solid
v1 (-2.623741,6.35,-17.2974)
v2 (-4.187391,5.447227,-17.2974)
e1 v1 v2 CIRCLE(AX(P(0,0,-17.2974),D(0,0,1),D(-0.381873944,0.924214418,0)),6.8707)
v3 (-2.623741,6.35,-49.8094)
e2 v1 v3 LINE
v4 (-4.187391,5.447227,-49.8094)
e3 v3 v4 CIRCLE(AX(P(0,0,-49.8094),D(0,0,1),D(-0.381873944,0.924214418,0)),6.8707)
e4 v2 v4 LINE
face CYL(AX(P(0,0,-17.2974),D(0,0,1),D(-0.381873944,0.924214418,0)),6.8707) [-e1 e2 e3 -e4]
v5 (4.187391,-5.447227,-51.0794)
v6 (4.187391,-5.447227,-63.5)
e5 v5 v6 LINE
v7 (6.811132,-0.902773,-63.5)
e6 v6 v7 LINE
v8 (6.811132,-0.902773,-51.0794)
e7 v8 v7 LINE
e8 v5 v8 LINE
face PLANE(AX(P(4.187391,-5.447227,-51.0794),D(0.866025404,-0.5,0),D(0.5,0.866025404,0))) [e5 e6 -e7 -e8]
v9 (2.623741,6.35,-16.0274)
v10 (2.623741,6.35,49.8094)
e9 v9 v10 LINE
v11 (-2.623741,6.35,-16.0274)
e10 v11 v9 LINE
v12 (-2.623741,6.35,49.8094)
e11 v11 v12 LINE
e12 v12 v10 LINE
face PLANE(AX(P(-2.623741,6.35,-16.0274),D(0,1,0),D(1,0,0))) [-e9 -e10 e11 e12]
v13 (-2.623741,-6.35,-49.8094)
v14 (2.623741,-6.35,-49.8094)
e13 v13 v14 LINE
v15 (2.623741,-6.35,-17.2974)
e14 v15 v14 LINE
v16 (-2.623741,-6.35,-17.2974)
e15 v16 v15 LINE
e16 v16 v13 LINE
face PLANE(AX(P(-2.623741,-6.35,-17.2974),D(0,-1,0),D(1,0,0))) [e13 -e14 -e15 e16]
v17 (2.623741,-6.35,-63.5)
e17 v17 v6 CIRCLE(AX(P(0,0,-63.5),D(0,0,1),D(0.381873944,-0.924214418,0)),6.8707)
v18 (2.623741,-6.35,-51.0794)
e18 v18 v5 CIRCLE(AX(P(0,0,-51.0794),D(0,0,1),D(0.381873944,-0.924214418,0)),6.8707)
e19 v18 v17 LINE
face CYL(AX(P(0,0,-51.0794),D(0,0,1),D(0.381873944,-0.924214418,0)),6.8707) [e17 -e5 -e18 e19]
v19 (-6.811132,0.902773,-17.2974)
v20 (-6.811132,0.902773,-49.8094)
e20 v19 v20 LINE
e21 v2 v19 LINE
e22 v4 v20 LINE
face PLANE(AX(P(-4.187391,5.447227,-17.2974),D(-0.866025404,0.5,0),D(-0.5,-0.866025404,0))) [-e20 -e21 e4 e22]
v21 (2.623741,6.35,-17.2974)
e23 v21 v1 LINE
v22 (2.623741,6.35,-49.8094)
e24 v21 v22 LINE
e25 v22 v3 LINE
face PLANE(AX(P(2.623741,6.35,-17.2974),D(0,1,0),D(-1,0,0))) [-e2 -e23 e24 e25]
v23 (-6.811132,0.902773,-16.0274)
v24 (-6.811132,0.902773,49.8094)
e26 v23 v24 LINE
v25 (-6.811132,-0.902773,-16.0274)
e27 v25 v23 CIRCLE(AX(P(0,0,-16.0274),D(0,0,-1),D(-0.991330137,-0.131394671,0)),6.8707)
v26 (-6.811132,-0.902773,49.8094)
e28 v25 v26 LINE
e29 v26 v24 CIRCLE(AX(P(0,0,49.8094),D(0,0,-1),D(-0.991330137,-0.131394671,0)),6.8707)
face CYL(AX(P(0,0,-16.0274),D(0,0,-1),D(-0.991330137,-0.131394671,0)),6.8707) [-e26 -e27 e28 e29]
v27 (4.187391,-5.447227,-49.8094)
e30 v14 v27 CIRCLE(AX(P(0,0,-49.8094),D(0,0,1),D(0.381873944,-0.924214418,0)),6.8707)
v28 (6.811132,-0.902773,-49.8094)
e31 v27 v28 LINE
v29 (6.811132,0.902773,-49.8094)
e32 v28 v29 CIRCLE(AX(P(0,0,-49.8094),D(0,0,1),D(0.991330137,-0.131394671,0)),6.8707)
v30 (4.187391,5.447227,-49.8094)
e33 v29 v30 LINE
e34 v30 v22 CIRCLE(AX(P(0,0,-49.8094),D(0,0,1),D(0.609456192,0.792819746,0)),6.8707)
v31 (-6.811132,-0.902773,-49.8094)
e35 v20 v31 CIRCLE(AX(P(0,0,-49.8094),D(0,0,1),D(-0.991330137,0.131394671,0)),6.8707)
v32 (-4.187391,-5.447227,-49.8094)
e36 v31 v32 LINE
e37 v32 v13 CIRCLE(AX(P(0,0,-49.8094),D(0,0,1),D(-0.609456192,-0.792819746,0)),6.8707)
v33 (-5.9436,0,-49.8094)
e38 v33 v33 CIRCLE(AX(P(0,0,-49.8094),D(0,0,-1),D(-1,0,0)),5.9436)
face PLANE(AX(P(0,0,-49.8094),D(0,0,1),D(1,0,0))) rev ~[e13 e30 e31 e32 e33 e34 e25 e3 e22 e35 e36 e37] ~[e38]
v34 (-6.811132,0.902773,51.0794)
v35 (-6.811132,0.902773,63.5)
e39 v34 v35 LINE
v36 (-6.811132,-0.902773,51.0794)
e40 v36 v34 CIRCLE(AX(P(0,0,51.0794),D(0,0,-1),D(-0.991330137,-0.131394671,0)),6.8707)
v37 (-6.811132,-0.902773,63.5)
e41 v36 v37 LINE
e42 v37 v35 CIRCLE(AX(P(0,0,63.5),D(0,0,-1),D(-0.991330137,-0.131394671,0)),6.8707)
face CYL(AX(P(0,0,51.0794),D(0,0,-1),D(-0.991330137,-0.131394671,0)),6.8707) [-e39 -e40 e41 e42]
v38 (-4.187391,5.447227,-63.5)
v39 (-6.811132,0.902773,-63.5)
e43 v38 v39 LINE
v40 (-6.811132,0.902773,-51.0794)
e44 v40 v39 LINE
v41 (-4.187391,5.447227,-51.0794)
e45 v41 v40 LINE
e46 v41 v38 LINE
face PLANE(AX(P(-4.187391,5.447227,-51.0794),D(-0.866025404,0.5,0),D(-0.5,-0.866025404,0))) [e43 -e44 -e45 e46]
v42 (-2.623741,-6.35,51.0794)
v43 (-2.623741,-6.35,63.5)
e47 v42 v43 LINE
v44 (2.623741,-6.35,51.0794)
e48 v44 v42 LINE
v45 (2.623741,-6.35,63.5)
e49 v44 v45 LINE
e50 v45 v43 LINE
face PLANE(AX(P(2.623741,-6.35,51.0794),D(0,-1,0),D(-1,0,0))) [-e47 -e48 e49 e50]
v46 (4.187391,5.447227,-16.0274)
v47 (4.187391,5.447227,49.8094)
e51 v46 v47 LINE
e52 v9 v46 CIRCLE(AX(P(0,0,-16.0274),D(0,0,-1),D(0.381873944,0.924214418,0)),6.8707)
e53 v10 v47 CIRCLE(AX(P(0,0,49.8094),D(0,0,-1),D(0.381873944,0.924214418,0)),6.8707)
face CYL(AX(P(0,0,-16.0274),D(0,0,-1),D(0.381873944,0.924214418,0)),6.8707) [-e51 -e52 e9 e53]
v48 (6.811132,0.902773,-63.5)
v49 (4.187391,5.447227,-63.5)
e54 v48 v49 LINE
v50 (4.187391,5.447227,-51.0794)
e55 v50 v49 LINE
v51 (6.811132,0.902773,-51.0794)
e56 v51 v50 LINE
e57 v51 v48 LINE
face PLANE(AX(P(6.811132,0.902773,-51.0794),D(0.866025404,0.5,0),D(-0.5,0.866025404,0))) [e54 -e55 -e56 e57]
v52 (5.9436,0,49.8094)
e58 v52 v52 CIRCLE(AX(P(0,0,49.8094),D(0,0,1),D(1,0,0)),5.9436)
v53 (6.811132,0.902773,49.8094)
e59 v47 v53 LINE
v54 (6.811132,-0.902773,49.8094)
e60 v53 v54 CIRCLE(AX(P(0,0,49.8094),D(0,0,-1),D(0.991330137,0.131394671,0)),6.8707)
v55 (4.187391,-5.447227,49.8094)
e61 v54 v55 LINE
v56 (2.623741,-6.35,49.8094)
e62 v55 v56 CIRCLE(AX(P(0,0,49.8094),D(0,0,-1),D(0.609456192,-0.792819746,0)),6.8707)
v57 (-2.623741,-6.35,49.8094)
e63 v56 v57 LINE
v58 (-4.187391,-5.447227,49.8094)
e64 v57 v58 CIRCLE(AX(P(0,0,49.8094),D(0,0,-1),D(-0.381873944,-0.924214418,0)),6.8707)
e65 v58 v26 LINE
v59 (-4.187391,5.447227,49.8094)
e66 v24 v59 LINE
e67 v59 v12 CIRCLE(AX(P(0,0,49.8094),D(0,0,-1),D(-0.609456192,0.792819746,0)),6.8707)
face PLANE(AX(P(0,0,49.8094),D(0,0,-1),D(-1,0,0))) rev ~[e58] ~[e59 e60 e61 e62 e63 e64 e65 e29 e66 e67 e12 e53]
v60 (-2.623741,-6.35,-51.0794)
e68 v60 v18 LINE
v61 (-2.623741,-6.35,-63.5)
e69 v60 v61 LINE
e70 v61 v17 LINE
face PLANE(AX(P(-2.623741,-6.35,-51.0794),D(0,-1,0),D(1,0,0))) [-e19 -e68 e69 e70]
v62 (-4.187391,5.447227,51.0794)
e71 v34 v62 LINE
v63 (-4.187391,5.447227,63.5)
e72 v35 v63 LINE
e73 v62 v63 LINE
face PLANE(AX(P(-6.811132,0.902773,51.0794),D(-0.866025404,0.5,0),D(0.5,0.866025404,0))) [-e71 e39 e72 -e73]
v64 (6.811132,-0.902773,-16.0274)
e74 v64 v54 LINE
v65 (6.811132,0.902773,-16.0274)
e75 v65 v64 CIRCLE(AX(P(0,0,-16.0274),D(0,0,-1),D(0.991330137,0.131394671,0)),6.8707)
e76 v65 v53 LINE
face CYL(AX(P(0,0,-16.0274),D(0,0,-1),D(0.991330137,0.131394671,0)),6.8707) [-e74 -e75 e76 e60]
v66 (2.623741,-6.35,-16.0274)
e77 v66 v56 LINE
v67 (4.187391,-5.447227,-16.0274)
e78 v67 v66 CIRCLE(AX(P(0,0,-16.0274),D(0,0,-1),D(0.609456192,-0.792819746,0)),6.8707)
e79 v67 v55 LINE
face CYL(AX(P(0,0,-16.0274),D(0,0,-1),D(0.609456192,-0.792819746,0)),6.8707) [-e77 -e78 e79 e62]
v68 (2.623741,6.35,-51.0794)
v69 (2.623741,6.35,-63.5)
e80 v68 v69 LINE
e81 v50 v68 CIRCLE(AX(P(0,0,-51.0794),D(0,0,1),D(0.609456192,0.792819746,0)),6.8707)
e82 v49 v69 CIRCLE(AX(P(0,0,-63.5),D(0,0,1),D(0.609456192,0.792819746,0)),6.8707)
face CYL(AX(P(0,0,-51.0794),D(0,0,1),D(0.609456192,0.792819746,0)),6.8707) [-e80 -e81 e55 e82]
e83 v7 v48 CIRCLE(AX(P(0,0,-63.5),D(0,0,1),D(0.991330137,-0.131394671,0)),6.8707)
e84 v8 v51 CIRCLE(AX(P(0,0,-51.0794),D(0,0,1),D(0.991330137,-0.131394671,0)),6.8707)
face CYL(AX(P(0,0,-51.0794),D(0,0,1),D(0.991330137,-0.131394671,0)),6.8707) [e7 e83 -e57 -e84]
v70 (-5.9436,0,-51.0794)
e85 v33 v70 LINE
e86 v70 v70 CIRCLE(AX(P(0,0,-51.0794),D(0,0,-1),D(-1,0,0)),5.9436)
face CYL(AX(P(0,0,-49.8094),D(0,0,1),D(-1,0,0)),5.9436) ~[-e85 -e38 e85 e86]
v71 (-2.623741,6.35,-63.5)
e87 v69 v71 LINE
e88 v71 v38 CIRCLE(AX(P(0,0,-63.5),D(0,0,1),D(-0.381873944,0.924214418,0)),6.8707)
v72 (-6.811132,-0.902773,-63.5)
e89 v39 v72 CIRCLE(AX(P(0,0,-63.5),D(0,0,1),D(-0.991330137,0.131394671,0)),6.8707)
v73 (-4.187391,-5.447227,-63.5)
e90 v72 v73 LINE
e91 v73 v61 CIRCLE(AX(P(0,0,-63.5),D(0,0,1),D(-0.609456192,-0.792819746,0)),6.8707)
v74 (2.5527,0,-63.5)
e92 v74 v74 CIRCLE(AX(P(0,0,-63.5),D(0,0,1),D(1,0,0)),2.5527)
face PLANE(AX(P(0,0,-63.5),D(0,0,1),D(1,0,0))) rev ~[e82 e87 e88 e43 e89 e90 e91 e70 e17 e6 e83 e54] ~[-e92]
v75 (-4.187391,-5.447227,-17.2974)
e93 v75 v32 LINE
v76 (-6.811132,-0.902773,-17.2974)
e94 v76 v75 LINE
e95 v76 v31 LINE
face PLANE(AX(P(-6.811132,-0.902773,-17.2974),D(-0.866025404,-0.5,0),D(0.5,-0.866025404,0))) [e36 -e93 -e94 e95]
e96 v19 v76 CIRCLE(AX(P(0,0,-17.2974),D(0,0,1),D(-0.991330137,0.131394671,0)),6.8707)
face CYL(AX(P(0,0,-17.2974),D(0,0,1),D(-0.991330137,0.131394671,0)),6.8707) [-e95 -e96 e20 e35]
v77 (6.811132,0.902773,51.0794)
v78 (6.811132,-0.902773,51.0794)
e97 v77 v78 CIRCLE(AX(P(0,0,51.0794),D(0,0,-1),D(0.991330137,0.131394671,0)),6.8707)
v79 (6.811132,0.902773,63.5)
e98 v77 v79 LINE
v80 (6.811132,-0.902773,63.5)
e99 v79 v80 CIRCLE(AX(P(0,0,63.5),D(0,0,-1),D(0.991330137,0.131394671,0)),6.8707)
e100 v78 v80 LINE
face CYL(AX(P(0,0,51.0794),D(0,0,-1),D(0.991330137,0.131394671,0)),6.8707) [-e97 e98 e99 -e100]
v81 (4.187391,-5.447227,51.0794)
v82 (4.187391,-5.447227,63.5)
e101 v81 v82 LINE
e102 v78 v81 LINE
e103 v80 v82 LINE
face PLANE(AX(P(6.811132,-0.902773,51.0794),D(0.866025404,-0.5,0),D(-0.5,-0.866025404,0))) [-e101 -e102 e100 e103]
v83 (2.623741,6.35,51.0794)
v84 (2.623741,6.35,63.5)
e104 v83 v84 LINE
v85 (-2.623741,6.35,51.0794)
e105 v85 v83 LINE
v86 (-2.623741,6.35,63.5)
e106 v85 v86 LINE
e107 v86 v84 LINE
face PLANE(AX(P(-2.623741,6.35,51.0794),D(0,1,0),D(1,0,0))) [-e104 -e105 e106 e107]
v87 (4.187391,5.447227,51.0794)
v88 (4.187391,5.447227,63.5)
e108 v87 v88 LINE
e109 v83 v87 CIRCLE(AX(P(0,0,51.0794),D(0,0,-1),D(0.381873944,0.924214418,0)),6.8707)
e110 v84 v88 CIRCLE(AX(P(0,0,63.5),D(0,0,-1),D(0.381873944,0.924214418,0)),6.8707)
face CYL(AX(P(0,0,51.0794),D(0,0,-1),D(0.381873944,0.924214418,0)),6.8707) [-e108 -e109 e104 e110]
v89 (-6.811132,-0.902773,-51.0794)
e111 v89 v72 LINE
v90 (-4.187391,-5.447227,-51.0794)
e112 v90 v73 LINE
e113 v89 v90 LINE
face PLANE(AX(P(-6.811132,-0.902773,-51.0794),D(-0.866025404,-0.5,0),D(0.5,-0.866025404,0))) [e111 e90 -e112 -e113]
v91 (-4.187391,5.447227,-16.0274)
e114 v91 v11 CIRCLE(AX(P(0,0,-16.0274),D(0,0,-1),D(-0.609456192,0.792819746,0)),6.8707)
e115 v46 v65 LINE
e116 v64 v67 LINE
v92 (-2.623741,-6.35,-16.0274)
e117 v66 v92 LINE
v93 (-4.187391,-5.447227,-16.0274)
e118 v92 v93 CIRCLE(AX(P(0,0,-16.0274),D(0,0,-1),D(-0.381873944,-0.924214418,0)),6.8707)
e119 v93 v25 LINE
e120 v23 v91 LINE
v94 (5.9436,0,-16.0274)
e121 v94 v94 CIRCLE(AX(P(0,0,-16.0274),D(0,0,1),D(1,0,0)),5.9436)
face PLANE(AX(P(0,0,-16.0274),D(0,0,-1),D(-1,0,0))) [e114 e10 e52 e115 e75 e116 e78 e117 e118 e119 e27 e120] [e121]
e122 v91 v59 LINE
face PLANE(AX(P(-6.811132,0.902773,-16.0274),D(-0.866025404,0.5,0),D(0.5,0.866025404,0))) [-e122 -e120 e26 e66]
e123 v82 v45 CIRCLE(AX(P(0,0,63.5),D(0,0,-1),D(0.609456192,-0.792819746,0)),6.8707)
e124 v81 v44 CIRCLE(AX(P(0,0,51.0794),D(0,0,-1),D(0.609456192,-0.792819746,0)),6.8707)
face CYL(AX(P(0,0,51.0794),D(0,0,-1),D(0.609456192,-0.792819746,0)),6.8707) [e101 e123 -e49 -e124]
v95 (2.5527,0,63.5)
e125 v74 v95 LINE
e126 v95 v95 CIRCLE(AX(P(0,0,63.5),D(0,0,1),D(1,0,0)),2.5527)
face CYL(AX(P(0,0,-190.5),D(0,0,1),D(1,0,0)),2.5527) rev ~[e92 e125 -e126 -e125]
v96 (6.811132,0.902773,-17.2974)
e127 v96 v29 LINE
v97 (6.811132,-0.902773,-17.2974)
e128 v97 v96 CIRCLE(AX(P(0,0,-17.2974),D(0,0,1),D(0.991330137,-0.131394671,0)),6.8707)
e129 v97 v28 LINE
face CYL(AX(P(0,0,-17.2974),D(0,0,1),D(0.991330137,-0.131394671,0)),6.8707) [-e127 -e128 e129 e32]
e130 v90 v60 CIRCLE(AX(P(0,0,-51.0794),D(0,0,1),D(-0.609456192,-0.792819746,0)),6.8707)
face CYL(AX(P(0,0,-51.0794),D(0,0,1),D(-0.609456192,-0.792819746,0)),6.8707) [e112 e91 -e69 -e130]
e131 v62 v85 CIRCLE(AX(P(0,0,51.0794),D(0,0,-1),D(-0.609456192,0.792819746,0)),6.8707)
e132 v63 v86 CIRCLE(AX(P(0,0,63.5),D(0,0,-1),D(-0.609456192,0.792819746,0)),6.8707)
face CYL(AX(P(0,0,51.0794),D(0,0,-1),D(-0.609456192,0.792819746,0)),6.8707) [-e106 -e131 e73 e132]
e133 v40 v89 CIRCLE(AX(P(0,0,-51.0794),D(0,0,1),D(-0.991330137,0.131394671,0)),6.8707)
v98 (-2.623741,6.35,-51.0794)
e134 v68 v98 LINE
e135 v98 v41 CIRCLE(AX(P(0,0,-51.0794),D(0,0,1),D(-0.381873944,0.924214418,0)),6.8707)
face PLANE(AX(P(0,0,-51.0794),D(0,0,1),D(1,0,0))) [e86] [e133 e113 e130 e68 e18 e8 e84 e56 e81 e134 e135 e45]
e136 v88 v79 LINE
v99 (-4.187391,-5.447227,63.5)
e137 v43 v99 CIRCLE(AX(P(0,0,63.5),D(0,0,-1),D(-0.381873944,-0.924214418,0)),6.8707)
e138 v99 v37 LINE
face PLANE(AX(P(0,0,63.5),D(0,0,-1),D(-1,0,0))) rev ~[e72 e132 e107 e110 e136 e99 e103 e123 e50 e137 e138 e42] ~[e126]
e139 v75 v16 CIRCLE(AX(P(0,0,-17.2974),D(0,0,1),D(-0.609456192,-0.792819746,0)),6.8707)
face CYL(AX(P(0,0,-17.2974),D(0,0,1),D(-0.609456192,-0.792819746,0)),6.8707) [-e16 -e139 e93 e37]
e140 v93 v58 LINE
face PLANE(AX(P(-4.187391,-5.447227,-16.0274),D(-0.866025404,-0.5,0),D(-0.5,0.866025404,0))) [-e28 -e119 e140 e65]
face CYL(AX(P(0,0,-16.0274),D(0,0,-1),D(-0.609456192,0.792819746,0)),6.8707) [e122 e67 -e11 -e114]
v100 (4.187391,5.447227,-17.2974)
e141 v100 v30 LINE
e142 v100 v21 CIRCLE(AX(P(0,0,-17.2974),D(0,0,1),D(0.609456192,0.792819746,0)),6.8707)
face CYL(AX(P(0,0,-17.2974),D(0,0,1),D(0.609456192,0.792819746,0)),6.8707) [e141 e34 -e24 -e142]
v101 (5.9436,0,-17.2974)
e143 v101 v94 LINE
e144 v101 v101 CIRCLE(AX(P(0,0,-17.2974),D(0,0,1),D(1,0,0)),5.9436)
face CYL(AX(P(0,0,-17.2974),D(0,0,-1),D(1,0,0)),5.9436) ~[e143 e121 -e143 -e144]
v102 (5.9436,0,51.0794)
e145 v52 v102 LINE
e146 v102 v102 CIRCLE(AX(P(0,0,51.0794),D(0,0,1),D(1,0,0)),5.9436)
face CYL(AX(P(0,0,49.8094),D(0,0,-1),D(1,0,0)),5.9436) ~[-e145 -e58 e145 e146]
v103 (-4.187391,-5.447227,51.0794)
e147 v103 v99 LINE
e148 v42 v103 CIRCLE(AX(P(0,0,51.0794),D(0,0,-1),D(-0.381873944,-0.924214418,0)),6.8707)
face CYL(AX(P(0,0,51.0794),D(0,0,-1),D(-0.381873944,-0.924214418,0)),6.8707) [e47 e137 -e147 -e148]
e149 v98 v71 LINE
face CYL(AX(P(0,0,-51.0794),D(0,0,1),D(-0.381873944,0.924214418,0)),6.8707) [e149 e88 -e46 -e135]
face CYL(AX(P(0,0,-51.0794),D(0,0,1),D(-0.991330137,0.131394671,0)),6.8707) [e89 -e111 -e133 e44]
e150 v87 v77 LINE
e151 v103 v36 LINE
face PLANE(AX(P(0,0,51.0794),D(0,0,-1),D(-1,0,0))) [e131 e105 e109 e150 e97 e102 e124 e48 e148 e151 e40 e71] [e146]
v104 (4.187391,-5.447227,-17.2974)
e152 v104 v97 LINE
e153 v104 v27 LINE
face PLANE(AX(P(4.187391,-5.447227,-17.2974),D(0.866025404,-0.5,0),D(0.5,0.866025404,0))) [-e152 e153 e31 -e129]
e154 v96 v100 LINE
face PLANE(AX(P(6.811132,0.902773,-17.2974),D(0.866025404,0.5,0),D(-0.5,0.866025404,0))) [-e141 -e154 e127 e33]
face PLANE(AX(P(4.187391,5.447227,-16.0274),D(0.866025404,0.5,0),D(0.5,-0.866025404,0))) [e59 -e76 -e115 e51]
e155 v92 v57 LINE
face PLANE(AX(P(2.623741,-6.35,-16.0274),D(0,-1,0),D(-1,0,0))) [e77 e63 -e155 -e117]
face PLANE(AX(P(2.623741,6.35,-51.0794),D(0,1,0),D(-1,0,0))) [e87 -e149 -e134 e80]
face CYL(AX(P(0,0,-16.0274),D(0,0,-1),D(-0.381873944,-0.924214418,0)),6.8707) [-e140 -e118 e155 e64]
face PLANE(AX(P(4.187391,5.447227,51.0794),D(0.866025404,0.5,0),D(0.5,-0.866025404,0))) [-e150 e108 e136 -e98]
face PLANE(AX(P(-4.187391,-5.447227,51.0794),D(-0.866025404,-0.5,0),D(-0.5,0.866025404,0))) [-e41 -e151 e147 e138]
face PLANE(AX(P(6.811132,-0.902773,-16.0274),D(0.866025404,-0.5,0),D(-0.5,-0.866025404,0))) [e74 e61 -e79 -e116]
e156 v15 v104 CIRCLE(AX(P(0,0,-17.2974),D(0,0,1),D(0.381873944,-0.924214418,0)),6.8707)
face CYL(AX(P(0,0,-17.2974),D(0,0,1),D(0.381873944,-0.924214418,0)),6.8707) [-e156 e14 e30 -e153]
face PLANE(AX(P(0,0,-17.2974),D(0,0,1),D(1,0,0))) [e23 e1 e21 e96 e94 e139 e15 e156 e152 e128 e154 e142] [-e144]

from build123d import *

# Parameters (mm, degrees)
BOSS_EXTRUDE1_DEPTH            = 32.512
SKETCH2_R                      = 5.9436
BOSS_EXTRUDE2_DEPTH            = 1.27
SKETCH3_R                      = 5.9436
BOSS_EXTRUDE3_DEPTH            = 1.27
BOSS_EXTRUDE4_DEPTH            = 65.8368
BOSS_EXTRUDE5_DEPTH            = 12.4206
SKETCH6_R                      = 5.9436
BOSS_EXTRUDE6_DEPTH            = 1.27
BOSS_EXTRUDE7_DEPTH            = 12.4206
F_7_0_201_DIAMETER_HOLE1_D     = 5.1054
F_7_0_201_DIAMETER_HOLE1_DEPTH = 127


with BuildPart() as part:
    # Sketch1 → Boss-Extrude1 (new body)
    with BuildSketch(Plane.XY.offset(-17.2974)):
        with BuildLine():
            Line((-4.187390656, 5.447226632), (-6.811131972, 0.902773368))
            ThreePointArc((-6.811131972, 0.902773368), (-6.8707, 0), (-6.811131972, -0.902773368))
            Line((-6.811131972, -0.902773368), (-4.187390656, -5.447226632))
            ThreePointArc((-4.187390656, -5.447226632), (-3.43535, -5.950200742), (-2.623741315, -6.35))
            Line((-2.623741315, -6.35), (2.623741315, -6.35))
            ThreePointArc((2.623741315, -6.35), (3.43535, -5.950200742), (4.187390656, -5.447226632))
            Line((4.187390656, -5.447226632), (6.811131972, -0.902773368))
            ThreePointArc((6.811131972, -0.902773368), (6.8707, 0), (6.811131972, 0.902773368))
            Line((6.811131972, 0.902773368), (4.187390656, 5.447226632))
            ThreePointArc((4.187390656, 5.447226632), (3.43535, 5.950200742), (2.623741315, 6.35))
            Line((2.623741315, 6.35), (-2.623741315, 6.35))
            ThreePointArc((-2.623741315, 6.35), (-3.43535, 5.950200742), (-4.187390656, 5.447226632))
        make_face()
    extrude(amount=-BOSS_EXTRUDE1_DEPTH)

    # Sketch2 → Boss-Extrude2 (add)
    with BuildSketch(Plane(origin=(0, 0, -49.8094), x_dir=(-1, 0, 0), z_dir=(0, 0, -1))):
        Circle(SKETCH2_R)
    extrude(amount=BOSS_EXTRUDE2_DEPTH)

    # Sketch3 → Boss-Extrude3 (add)
    with BuildSketch(Plane.XY.offset(-17.2974)):
        Circle(SKETCH3_R)
    extrude(amount=BOSS_EXTRUDE3_DEPTH)

    # Sketch4 → Boss-Extrude4 (add)
    with BuildSketch(Plane(origin=(0, 0, -16.0274), x_dir=(-1, 0, 0), z_dir=(0, 0, -1))):
        with BuildLine():
            Line((2.623741315, 6.35), (-2.623741315, 6.35))
            ThreePointArc((-2.623741315, 6.35), (-3.43535, 5.950200742), (-4.187390656, 5.447226632))
            Line((-4.187390656, 5.447226632), (-6.811131972, 0.902773368))
            ThreePointArc((-6.811131972, 0.902773368), (-6.8707, 0), (-6.811131972, -0.902773368))
            Line((-6.811131972, -0.902773368), (-4.187390656, -5.447226632))
            ThreePointArc((-4.187390656, -5.447226632), (-3.43535, -5.950200742), (-2.623741315, -6.35))
            Line((-2.623741315, -6.35), (2.623741315, -6.35))
            ThreePointArc((2.623741315, -6.35), (3.43535, -5.950200742), (4.187390656, -5.447226632))
            Line((4.187390656, -5.447226632), (6.811131972, -0.902773368))
            ThreePointArc((6.811131972, -0.902773368), (6.8707, 0), (6.811131972, 0.902773368))
            Line((6.811131972, 0.902773368), (4.187390656, 5.447226632))
            ThreePointArc((4.187390656, 5.447226632), (3.43535, 5.950200742), (2.623741315, 6.35))
        make_face()
    extrude(amount=-BOSS_EXTRUDE4_DEPTH)

    # Sketch5 → Boss-Extrude5 (add)
    with BuildSketch(Plane.XY.offset(-51.0794)):
        with BuildLine():
            Line((-4.187390656, 5.447226632), (-6.811131972, 0.902773368))
            ThreePointArc((-6.811131972, 0.902773368), (-6.8707, 0), (-6.811131972, -0.902773368))
            Line((-6.811131972, -0.902773368), (-4.187390656, -5.447226632))
            ThreePointArc((-4.187390656, -5.447226632), (-3.43535, -5.950200742), (-2.623741315, -6.35))
            Line((-2.623741315, -6.35), (2.623741315, -6.35))
            ThreePointArc((2.623741315, -6.35), (3.43535, -5.950200742), (4.187390656, -5.447226632))
            Line((4.187390656, -5.447226632), (6.811131972, -0.902773368))
            ThreePointArc((6.811131972, -0.902773368), (6.8707, 0), (6.811131972, 0.902773368))
            Line((6.811131972, 0.902773368), (4.187390656, 5.447226632))
            ThreePointArc((4.187390656, 5.447226632), (3.43535, 5.950200742), (2.623741315, 6.35))
            Line((2.623741315, 6.35), (-2.623741315, 6.35))
            ThreePointArc((-2.623741315, 6.35), (-3.43535, 5.950200742), (-4.187390656, 5.447226632))
        make_face()
    extrude(amount=-BOSS_EXTRUDE5_DEPTH)

    # Sketch6 → Boss-Extrude6 (add)
    with BuildSketch(Plane.XY.offset(49.8094)):
        Circle(SKETCH6_R)
    extrude(amount=BOSS_EXTRUDE6_DEPTH)

    # Sketch7 → Boss-Extrude7 (add)
    with BuildSketch(Plane(origin=(0, 0, 51.0794), x_dir=(-1, 0, 0), z_dir=(0, 0, -1))):
        with BuildLine():
            Line((6.811131972, 0.902773368), (4.187390656, 5.447226632))
            ThreePointArc((4.187390656, 5.447226632), (3.43535, 5.950200742), (2.623741315, 6.35))
            Line((2.623741315, 6.35), (-2.623741315, 6.35))
            ThreePointArc((-2.623741315, 6.35), (-3.43535, 5.950200742), (-4.187390656, 5.447226632))
            Line((-4.187390656, 5.447226632), (-6.811131972, 0.902773368))
            ThreePointArc((-6.811131972, 0.902773368), (-6.8707, 0), (-6.811131972, -0.902773368))
            Line((-6.811131972, -0.902773368), (-4.187390656, -5.447226632))
            ThreePointArc((-4.187390656, -5.447226632), (-3.43535, -5.950200742), (-2.623741315, -6.35))
            Line((-2.623741315, -6.35), (2.623741315, -6.35))
            ThreePointArc((2.623741315, -6.35), (3.43535, -5.950200742), (4.187390656, -5.447226632))
            Line((4.187390656, -5.447226632), (6.811131972, -0.902773368))
            ThreePointArc((6.811131972, -0.902773368), (6.8707, 0), (6.811131972, 0.902773368))
        make_face()
    extrude(amount=-BOSS_EXTRUDE7_DEPTH)

    # #7 (0.201) Diameter Hole1
    with Locations(Plane(origin=(0, 0, -63.5), x_dir=(-1, 0, 0), z_dir=(0, 0, -1))):
        with Locations((0, 0)):
            Hole(F_7_0_201_DIAMETER_HOLE1_D / 2, depth=F_7_0_201_DIAMETER_HOLE1_DEPTH)


solid = part.part
